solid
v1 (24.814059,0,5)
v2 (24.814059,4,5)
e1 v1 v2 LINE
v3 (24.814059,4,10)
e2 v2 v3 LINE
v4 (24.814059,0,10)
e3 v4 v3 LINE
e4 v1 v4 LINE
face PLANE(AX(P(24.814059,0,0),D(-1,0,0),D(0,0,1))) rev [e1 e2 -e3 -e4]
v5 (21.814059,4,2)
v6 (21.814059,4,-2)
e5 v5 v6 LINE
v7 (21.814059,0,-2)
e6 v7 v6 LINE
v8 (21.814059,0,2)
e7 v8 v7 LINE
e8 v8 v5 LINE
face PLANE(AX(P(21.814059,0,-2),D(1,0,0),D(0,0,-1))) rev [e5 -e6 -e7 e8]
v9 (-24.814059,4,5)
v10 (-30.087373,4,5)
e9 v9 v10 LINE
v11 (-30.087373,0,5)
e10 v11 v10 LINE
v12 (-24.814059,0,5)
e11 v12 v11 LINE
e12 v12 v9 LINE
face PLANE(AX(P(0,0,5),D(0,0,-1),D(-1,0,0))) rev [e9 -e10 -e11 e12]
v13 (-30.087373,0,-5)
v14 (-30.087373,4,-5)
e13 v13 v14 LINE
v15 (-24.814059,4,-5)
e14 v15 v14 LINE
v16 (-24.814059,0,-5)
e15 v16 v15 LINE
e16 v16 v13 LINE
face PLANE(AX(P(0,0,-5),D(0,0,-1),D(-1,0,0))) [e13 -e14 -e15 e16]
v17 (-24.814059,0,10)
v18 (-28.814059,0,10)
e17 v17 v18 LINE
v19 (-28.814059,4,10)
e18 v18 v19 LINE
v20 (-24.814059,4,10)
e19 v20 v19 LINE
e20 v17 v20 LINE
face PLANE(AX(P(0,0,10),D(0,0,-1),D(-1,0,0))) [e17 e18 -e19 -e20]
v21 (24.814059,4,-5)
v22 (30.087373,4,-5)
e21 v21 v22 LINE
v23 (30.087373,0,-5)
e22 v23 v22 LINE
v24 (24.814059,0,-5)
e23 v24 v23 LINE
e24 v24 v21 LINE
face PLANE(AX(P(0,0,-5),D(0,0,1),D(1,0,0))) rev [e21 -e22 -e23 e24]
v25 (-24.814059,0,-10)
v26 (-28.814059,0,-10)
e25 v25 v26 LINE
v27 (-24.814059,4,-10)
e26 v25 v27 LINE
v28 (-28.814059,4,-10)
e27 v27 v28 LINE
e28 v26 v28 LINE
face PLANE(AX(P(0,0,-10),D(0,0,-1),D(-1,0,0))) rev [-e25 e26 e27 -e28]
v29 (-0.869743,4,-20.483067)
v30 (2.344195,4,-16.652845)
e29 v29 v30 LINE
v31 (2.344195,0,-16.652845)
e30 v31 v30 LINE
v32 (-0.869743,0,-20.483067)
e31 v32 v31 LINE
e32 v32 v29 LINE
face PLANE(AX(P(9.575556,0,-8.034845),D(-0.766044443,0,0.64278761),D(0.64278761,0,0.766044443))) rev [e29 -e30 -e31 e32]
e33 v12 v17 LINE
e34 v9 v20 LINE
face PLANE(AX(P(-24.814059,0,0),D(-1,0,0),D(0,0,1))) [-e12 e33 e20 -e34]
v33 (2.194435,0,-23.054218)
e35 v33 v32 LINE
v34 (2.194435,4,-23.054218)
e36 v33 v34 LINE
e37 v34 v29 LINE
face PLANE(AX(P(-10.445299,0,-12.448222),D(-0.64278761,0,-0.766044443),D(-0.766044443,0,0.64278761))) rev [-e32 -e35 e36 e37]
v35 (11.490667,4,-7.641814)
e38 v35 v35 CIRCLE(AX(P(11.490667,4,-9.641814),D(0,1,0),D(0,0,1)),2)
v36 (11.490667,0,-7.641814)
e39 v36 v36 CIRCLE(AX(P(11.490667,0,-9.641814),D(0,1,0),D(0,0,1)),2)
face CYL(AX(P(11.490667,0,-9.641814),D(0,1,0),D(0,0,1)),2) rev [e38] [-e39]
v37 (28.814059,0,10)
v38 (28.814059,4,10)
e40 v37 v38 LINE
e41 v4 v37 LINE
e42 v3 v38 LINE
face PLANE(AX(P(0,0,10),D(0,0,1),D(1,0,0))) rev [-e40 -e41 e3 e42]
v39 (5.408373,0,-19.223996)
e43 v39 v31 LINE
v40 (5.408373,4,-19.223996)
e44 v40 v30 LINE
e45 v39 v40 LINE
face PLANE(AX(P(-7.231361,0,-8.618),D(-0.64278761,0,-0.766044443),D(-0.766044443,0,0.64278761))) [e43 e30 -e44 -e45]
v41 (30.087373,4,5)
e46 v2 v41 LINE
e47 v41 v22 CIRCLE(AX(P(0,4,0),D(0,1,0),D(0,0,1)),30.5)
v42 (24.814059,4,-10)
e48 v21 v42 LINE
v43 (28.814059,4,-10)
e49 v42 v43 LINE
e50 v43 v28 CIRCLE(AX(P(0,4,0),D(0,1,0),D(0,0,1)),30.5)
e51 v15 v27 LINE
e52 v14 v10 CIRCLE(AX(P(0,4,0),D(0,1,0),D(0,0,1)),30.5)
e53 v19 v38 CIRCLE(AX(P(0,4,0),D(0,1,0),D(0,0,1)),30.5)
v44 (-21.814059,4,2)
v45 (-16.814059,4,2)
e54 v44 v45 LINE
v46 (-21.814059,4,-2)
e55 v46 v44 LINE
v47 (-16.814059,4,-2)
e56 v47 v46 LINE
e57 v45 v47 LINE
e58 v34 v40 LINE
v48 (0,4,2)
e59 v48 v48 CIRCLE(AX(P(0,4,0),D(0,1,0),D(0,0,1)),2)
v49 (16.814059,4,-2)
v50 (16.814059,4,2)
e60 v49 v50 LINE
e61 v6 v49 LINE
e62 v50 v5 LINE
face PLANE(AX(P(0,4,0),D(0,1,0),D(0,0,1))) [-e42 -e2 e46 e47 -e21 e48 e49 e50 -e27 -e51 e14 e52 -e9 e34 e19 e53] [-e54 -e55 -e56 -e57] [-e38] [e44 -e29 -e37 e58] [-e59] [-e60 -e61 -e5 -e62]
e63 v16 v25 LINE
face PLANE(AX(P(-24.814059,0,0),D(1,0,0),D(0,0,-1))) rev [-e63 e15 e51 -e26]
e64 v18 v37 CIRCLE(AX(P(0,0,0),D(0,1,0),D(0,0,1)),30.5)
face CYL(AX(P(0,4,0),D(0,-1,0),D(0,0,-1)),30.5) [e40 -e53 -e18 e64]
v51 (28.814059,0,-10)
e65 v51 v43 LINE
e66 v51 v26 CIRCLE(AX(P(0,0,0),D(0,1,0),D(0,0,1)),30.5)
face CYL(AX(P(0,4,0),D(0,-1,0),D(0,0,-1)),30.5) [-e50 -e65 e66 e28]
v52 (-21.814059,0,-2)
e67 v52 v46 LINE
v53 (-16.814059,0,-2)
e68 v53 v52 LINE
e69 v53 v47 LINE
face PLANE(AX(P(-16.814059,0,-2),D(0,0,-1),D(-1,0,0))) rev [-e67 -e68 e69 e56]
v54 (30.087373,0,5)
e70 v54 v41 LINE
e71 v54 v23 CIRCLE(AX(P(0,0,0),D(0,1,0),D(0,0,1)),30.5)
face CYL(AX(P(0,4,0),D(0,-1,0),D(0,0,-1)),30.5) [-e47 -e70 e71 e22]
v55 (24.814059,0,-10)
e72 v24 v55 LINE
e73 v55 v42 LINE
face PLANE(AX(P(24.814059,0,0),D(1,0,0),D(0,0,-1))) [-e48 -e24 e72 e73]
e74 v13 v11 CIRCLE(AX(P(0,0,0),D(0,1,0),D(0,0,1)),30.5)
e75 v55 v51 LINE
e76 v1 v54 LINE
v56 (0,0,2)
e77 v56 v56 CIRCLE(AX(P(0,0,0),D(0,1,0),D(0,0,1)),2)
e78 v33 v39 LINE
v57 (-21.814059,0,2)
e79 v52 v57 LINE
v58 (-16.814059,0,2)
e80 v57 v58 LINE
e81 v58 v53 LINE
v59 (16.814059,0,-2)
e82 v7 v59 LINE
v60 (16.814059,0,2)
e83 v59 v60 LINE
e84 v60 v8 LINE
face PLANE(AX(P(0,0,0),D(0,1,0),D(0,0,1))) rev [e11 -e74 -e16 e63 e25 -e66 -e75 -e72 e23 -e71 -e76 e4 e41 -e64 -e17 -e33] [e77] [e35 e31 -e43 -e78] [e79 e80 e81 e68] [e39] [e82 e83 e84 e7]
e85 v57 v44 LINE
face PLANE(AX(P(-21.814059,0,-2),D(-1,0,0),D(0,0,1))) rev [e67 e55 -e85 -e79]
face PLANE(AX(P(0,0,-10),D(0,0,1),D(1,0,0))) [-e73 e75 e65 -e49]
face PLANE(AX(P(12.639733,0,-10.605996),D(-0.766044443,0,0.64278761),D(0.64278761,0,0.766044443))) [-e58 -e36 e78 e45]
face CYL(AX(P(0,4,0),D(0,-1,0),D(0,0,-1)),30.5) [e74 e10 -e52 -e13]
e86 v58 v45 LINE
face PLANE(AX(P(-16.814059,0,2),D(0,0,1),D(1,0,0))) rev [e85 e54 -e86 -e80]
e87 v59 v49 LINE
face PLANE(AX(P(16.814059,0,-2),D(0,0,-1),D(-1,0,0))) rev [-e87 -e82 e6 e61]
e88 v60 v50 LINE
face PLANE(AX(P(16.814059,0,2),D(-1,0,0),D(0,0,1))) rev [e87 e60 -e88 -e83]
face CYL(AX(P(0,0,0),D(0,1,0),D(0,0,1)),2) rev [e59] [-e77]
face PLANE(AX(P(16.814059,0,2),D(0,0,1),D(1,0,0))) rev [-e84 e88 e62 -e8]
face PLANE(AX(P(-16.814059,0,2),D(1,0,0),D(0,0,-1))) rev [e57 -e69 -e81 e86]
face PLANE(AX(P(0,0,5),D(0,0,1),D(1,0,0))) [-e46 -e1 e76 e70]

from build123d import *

# Parameters (mm, degrees)
CROQUIS1_R              = 30.5
SALIENTE_EXTRUIR1_DEPTH = 4
CROQUIS2_R              = 2
CORTAR_EXTRUIR1_DEPTH   = 4
CORTAR_EXTRUIR3_START   = -4
CORTAR_EXTRUIR3_DEPTH   = 4
CROQUIS6_W              = 5
CROQUIS6_H              = 4
CORTAR_EXTRUIR4_DEPTH   = 4
CROQUIS7_R              = 2
CORTAR_EXTRUIR5_DEPTH   = 4


with BuildPart() as part:
    # Croquis1 → Saliente-Extruir1 (new body)
    with BuildSketch(Plane(origin=(0, 0, 0), x_dir=(1, 0, 0), z_dir=(0, 1, 0))):
        with Locations(Location((0, 0, 0), (0, 0, 270))):
            Circle(CROQUIS1_R)
    extrude(amount=SALIENTE_EXTRUIR1_DEPTH)

    # Croquis2 → Cortar-Extruir1 (cut)
    with BuildSketch(Plane(origin=(0, 4, 0), x_dir=(1, 0, 0), z_dir=(0, 1, 0))):
        with Locations(Location((0, 0, 0), (0, 0, 270))):
            Circle(CROQUIS2_R)
    extrude(amount=-CORTAR_EXTRUIR1_DEPTH, mode=Mode.SUBTRACT)

    # Croquis5 → Cortar-Extruir3 (cut)
    with BuildSketch(Plane(origin=(0, 4, 0), x_dir=(1, 0, 0), z_dir=(0, 1, 0)).offset(CORTAR_EXTRUIR3_START)):
        with BuildLine():
            Line((28.814059068, 5), (30.087372767, 5))
            ThreePointArc((30.087372767, 5), (29.556634924, 7.526973624), (28.814059068, 10))
            Line((28.814059068, 10), (24.814059068, 10))
            Line((24.814059068, 10), (24.814059068, 5))
            Line((24.814059068, 5), (28.814059068, 5))
        make_face()
        with BuildLine():
            Line((30.087372767, -5), (28.814059068, -5))
            Line((28.814059068, -5), (24.814059068, -5))
            Line((24.814059068, -5), (24.814059068, -10))
            Line((24.814059068, -10), (28.814059068, -10))
            ThreePointArc((28.814059068, -10), (29.556634924, -7.526973624), (30.087372767, -5))
        make_face()
        with BuildLine():
            Line((-24.814059068, 5), (-24.814059068, 10))
            Line((-24.814059068, 10), (-28.814059068, 10))
            ThreePointArc((-28.814059068, 10), (-29.556634924, 7.526973624), (-30.087372767, 5))
            Line((-30.087372767, 5), (-28.814059068, 5))
            Line((-28.814059068, 5), (-24.814059068, 5))
        make_face()
        with BuildLine():
            Line((-28.814059068, -10), (-24.814059068, -10))
            Line((-24.814059068, -10), (-24.814059068, -5))
            Line((-24.814059068, -5), (-28.814059068, -5))
            Line((-28.814059068, -5), (-30.087372767, -5))
            ThreePointArc((-30.087372767, -5), (-29.556634924, -7.526973624), (-28.814059068, -10))
        make_face()
    extrude(amount=CORTAR_EXTRUIR3_DEPTH, mode=Mode.SUBTRACT)

    # Croquis6 → Cortar-Extruir4 (cut)
    with BuildSketch(Plane(origin=(0, 4, 0), x_dir=(1, 0, 0), z_dir=(0, 1, 0))):
        with Locations((-19.314059068, 0)):
            Rectangle(CROQUIS6_W, CROQUIS6_H)
        with Locations((19.314059068, 0)):
            Rectangle(CROQUIS6_W, CROQUIS6_H)
    extrude(amount=-CORTAR_EXTRUIR4_DEPTH, mode=Mode.SUBTRACT)

    # Croquis7 → Cortar-Extruir5 (cut)
    with BuildSketch(Plane(origin=(0, 4, 0), x_dir=(1, 0, 0), z_dir=(0, 1, 0))):
        with Locations(Location((11.490666647, 9.641814145, 0), (0, 0, 270))):
            Circle(CROQUIS7_R)
        Polygon((2.194434654, 23.054217761), (-0.869743118, 20.483067322), (2.34419493, 16.652845106), (5.408372702, 19.223995545), align=None)
    extrude(amount=-CORTAR_EXTRUIR5_DEPTH, mode=Mode.SUBTRACT)


solid = part.part
